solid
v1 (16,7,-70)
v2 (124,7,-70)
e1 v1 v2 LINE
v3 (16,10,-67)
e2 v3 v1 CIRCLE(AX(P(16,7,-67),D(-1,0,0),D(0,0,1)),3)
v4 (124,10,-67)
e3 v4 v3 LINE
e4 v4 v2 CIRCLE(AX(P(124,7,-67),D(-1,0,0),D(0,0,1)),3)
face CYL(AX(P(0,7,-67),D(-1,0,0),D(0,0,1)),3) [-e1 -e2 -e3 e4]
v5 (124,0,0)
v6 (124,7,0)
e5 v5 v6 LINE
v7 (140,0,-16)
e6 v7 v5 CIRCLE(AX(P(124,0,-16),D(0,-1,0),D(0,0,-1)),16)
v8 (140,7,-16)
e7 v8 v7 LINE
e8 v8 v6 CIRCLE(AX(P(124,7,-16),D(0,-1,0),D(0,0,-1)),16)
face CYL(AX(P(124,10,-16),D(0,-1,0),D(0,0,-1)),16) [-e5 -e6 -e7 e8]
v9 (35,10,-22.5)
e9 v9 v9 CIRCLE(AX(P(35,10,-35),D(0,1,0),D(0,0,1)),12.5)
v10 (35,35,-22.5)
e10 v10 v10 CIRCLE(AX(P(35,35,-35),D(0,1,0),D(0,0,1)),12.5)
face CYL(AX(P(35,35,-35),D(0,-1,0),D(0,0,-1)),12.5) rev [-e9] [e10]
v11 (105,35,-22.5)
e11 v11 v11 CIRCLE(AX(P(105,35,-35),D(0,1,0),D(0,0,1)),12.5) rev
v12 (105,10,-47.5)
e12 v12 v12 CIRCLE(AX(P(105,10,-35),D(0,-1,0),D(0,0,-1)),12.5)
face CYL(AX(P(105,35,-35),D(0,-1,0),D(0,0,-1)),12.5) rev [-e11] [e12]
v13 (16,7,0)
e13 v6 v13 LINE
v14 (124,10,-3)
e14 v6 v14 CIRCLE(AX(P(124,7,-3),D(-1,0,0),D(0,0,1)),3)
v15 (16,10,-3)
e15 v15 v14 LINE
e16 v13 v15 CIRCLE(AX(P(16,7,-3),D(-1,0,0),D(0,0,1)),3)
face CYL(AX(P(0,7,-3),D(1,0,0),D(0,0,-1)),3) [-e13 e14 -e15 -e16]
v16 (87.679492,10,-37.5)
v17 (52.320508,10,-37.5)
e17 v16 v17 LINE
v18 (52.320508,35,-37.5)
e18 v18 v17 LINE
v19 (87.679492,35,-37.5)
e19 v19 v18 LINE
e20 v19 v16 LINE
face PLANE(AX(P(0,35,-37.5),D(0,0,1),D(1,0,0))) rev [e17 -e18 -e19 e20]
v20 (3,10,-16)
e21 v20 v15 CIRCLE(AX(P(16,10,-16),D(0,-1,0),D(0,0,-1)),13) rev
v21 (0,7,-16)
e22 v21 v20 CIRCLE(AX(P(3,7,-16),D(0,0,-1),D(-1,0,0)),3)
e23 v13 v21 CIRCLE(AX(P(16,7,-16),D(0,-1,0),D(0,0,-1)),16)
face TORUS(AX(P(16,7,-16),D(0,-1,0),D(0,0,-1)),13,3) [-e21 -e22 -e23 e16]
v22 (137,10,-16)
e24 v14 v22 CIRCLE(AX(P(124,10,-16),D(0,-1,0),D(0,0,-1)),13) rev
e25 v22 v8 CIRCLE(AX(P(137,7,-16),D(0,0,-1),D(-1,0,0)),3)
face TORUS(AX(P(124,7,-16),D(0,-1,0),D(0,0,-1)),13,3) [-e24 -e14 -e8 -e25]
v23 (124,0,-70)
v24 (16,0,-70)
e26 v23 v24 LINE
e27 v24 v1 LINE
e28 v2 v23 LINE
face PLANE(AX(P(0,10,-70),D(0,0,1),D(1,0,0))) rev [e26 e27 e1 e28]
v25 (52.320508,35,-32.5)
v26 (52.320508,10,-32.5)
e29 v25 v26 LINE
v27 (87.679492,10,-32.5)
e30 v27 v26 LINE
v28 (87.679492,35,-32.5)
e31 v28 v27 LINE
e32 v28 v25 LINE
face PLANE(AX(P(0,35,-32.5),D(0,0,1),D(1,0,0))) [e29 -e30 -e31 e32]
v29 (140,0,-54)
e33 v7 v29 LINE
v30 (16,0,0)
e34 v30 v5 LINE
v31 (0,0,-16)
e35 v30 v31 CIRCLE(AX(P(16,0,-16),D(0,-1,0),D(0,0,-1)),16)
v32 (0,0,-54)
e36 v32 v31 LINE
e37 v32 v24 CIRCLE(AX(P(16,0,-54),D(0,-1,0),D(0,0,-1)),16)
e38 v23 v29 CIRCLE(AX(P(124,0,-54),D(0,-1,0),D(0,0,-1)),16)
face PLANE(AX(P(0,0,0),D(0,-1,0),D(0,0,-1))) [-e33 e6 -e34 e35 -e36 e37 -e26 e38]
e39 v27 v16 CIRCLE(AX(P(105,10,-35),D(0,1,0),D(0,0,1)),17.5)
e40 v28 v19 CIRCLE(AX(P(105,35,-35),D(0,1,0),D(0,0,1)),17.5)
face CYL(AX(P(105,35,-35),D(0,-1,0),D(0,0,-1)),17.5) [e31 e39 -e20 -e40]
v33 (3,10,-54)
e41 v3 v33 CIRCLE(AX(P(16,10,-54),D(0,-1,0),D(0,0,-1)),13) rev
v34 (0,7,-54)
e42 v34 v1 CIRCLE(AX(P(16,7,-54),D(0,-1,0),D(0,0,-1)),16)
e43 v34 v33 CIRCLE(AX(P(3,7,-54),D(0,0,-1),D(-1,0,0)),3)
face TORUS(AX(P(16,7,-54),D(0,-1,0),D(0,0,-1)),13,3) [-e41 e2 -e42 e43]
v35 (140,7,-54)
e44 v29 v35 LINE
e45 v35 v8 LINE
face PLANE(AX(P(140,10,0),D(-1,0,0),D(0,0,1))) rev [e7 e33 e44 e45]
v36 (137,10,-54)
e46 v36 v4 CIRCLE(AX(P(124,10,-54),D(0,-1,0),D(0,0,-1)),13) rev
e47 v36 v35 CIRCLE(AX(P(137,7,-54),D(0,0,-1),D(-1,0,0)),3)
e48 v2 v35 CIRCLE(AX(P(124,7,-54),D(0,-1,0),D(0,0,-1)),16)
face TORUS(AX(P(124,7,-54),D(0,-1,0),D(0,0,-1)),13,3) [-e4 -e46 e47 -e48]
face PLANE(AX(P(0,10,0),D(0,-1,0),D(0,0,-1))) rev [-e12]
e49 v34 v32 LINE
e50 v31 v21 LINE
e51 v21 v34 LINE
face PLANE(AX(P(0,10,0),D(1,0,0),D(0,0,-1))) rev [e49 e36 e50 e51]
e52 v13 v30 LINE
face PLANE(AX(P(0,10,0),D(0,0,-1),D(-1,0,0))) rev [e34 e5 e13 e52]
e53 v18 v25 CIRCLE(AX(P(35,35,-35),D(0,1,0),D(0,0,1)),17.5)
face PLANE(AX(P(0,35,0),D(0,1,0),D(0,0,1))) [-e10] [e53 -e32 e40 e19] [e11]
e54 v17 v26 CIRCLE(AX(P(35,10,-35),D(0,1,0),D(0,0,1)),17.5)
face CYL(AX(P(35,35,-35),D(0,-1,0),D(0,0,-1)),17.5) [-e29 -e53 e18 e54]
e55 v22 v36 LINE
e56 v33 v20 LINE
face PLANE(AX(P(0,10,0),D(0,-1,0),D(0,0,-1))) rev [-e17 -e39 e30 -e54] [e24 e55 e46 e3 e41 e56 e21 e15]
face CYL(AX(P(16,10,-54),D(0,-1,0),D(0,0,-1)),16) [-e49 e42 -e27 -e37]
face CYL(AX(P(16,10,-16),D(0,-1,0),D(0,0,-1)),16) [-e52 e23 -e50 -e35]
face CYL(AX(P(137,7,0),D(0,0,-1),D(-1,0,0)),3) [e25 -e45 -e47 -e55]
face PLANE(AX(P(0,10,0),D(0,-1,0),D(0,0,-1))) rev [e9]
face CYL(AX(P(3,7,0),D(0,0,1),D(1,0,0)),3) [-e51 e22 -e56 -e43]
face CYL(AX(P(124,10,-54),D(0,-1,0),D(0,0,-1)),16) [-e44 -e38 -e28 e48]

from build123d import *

# Parameters (mm, degrees)
SKETCH1_W           = 140
SKETCH1_H           = 70
BOSS_EXTRUDE1_DEPTH = 10
BOSS_EXTRUDE2_DEPTH = 25
FILLET2_R           = 16
FILLET1_R           = 3


with BuildPart() as part:
    # Sketch1 → Boss-Extrude1 (new body)
    with BuildSketch(Plane(origin=(0, 0, 0), x_dir=(1, 0, 0), z_dir=(0, 1, 0))):
        with Locations((70, 35)):
            Rectangle(SKETCH1_W, SKETCH1_H)
    extrude(amount=BOSS_EXTRUDE1_DEPTH)

    # Sketch2 → Boss-Extrude2 (add)
    with BuildSketch(Plane(origin=(0, 10, 0), x_dir=(1, 0, 0), z_dir=(0, 1, 0))):
        with BuildLine():
            ThreePointArc((52.5, 35), (52.45506934, 36.253217594), (52.320508076, 37.5))
            Line((52.320508076, 37.5), (47.247448714, 37.5))
            ThreePointArc((47.247448714, 37.5), (47.436701913, 36.256362025), (47.5, 35))
            ThreePointArc((47.5, 35), (47.436701913, 33.743637975), (47.247448714, 32.5))
            Line((47.247448714, 32.5), (52.320508076, 32.5))
            ThreePointArc((52.320508076, 32.5), (52.45506934, 33.746782406), (52.5, 35))
        make_face()
        with BuildLine():
            Line((47.247448714, 37.5), (52.320508076, 37.5))
            ThreePointArc((52.320508076, 37.5), (17.5, 35), (52.320508076, 32.5))
            Line((52.320508076, 32.5), (47.247448714, 32.5))
            ThreePointArc((47.247448714, 32.5), (22.5, 35), (47.247448714, 37.5))
        make_face()
        with BuildLine():
            Line((70, 32.5), (70, 37.5))
            Line((70, 37.5), (52.320508076, 37.5))
            ThreePointArc((52.320508076, 37.5), (52.45506934, 36.253217594), (52.5, 35))
            ThreePointArc((52.5, 35), (52.45506934, 33.746782406), (52.320508076, 32.5))
            Line((52.320508076, 32.5), (70, 32.5))
        make_face()
        with BuildLine():
            Line((87.679491924, 37.5), (70, 37.5))
            Line((70, 37.5), (70, 32.5))
            Line((70, 32.5), (87.679491924, 32.5))
            ThreePointArc((87.679491924, 32.5), (87.5, 35), (87.679491924, 37.5))
        make_face()
        with BuildLine():
            ThreePointArc((122.5, 35), (106.253217594, 52.45506934), (87.679491924, 37.5))
            Line((87.679491924, 37.5), (92.752551286, 37.5))
            ThreePointArc((92.752551286, 37.5), (106.256362025, 47.436701913), (117.5, 35))
            ThreePointArc((117.5, 35), (106.256362025, 22.563298087), (92.752551286, 32.5))
            Line((92.752551286, 32.5), (87.679491924, 32.5))
            ThreePointArc((87.679491924, 32.5), (106.253217594, 17.54493066), (122.5, 35))
        make_face()
        with BuildLine():
            Line((92.752551286, 37.5), (87.679491924, 37.5))
            ThreePointArc((87.679491924, 37.5), (87.5, 35), (87.679491924, 32.5))
            Line((87.679491924, 32.5), (92.752551286, 32.5))
            ThreePointArc((92.752551286, 32.5), (92.5, 35), (92.752551286, 37.5))
        make_face()
    extrude(amount=BOSS_EXTRUDE2_DEPTH)

    # Fillet2
    fillet2_edges = [part.edges().sort_by_distance(p)[0] for p in [
        (0, 5, -70),
        (140, 5, -70),
        (140, 5, 0),
        (0, 5, 0),
    ]]
    fillet(fillet2_edges, radius=FILLET2_R)

    # Fillet1
    fillet1_edges = [part.edges().sort_by_distance(p)[0] for p in [
        (0, 10, -35),
        (70, 10, -70),
        (70, 10, 0),
        (140, 10, -35),
        (4.686291501, 10, -4.686291501),
        (135.313708499, 10, -4.686291501),
        (135.313708499, 10, -65.313708499),
        (4.686291501, 10, -65.313708499),
    ]]
    fillet(fillet1_edges, radius=FILLET1_R)


solid = part.part
